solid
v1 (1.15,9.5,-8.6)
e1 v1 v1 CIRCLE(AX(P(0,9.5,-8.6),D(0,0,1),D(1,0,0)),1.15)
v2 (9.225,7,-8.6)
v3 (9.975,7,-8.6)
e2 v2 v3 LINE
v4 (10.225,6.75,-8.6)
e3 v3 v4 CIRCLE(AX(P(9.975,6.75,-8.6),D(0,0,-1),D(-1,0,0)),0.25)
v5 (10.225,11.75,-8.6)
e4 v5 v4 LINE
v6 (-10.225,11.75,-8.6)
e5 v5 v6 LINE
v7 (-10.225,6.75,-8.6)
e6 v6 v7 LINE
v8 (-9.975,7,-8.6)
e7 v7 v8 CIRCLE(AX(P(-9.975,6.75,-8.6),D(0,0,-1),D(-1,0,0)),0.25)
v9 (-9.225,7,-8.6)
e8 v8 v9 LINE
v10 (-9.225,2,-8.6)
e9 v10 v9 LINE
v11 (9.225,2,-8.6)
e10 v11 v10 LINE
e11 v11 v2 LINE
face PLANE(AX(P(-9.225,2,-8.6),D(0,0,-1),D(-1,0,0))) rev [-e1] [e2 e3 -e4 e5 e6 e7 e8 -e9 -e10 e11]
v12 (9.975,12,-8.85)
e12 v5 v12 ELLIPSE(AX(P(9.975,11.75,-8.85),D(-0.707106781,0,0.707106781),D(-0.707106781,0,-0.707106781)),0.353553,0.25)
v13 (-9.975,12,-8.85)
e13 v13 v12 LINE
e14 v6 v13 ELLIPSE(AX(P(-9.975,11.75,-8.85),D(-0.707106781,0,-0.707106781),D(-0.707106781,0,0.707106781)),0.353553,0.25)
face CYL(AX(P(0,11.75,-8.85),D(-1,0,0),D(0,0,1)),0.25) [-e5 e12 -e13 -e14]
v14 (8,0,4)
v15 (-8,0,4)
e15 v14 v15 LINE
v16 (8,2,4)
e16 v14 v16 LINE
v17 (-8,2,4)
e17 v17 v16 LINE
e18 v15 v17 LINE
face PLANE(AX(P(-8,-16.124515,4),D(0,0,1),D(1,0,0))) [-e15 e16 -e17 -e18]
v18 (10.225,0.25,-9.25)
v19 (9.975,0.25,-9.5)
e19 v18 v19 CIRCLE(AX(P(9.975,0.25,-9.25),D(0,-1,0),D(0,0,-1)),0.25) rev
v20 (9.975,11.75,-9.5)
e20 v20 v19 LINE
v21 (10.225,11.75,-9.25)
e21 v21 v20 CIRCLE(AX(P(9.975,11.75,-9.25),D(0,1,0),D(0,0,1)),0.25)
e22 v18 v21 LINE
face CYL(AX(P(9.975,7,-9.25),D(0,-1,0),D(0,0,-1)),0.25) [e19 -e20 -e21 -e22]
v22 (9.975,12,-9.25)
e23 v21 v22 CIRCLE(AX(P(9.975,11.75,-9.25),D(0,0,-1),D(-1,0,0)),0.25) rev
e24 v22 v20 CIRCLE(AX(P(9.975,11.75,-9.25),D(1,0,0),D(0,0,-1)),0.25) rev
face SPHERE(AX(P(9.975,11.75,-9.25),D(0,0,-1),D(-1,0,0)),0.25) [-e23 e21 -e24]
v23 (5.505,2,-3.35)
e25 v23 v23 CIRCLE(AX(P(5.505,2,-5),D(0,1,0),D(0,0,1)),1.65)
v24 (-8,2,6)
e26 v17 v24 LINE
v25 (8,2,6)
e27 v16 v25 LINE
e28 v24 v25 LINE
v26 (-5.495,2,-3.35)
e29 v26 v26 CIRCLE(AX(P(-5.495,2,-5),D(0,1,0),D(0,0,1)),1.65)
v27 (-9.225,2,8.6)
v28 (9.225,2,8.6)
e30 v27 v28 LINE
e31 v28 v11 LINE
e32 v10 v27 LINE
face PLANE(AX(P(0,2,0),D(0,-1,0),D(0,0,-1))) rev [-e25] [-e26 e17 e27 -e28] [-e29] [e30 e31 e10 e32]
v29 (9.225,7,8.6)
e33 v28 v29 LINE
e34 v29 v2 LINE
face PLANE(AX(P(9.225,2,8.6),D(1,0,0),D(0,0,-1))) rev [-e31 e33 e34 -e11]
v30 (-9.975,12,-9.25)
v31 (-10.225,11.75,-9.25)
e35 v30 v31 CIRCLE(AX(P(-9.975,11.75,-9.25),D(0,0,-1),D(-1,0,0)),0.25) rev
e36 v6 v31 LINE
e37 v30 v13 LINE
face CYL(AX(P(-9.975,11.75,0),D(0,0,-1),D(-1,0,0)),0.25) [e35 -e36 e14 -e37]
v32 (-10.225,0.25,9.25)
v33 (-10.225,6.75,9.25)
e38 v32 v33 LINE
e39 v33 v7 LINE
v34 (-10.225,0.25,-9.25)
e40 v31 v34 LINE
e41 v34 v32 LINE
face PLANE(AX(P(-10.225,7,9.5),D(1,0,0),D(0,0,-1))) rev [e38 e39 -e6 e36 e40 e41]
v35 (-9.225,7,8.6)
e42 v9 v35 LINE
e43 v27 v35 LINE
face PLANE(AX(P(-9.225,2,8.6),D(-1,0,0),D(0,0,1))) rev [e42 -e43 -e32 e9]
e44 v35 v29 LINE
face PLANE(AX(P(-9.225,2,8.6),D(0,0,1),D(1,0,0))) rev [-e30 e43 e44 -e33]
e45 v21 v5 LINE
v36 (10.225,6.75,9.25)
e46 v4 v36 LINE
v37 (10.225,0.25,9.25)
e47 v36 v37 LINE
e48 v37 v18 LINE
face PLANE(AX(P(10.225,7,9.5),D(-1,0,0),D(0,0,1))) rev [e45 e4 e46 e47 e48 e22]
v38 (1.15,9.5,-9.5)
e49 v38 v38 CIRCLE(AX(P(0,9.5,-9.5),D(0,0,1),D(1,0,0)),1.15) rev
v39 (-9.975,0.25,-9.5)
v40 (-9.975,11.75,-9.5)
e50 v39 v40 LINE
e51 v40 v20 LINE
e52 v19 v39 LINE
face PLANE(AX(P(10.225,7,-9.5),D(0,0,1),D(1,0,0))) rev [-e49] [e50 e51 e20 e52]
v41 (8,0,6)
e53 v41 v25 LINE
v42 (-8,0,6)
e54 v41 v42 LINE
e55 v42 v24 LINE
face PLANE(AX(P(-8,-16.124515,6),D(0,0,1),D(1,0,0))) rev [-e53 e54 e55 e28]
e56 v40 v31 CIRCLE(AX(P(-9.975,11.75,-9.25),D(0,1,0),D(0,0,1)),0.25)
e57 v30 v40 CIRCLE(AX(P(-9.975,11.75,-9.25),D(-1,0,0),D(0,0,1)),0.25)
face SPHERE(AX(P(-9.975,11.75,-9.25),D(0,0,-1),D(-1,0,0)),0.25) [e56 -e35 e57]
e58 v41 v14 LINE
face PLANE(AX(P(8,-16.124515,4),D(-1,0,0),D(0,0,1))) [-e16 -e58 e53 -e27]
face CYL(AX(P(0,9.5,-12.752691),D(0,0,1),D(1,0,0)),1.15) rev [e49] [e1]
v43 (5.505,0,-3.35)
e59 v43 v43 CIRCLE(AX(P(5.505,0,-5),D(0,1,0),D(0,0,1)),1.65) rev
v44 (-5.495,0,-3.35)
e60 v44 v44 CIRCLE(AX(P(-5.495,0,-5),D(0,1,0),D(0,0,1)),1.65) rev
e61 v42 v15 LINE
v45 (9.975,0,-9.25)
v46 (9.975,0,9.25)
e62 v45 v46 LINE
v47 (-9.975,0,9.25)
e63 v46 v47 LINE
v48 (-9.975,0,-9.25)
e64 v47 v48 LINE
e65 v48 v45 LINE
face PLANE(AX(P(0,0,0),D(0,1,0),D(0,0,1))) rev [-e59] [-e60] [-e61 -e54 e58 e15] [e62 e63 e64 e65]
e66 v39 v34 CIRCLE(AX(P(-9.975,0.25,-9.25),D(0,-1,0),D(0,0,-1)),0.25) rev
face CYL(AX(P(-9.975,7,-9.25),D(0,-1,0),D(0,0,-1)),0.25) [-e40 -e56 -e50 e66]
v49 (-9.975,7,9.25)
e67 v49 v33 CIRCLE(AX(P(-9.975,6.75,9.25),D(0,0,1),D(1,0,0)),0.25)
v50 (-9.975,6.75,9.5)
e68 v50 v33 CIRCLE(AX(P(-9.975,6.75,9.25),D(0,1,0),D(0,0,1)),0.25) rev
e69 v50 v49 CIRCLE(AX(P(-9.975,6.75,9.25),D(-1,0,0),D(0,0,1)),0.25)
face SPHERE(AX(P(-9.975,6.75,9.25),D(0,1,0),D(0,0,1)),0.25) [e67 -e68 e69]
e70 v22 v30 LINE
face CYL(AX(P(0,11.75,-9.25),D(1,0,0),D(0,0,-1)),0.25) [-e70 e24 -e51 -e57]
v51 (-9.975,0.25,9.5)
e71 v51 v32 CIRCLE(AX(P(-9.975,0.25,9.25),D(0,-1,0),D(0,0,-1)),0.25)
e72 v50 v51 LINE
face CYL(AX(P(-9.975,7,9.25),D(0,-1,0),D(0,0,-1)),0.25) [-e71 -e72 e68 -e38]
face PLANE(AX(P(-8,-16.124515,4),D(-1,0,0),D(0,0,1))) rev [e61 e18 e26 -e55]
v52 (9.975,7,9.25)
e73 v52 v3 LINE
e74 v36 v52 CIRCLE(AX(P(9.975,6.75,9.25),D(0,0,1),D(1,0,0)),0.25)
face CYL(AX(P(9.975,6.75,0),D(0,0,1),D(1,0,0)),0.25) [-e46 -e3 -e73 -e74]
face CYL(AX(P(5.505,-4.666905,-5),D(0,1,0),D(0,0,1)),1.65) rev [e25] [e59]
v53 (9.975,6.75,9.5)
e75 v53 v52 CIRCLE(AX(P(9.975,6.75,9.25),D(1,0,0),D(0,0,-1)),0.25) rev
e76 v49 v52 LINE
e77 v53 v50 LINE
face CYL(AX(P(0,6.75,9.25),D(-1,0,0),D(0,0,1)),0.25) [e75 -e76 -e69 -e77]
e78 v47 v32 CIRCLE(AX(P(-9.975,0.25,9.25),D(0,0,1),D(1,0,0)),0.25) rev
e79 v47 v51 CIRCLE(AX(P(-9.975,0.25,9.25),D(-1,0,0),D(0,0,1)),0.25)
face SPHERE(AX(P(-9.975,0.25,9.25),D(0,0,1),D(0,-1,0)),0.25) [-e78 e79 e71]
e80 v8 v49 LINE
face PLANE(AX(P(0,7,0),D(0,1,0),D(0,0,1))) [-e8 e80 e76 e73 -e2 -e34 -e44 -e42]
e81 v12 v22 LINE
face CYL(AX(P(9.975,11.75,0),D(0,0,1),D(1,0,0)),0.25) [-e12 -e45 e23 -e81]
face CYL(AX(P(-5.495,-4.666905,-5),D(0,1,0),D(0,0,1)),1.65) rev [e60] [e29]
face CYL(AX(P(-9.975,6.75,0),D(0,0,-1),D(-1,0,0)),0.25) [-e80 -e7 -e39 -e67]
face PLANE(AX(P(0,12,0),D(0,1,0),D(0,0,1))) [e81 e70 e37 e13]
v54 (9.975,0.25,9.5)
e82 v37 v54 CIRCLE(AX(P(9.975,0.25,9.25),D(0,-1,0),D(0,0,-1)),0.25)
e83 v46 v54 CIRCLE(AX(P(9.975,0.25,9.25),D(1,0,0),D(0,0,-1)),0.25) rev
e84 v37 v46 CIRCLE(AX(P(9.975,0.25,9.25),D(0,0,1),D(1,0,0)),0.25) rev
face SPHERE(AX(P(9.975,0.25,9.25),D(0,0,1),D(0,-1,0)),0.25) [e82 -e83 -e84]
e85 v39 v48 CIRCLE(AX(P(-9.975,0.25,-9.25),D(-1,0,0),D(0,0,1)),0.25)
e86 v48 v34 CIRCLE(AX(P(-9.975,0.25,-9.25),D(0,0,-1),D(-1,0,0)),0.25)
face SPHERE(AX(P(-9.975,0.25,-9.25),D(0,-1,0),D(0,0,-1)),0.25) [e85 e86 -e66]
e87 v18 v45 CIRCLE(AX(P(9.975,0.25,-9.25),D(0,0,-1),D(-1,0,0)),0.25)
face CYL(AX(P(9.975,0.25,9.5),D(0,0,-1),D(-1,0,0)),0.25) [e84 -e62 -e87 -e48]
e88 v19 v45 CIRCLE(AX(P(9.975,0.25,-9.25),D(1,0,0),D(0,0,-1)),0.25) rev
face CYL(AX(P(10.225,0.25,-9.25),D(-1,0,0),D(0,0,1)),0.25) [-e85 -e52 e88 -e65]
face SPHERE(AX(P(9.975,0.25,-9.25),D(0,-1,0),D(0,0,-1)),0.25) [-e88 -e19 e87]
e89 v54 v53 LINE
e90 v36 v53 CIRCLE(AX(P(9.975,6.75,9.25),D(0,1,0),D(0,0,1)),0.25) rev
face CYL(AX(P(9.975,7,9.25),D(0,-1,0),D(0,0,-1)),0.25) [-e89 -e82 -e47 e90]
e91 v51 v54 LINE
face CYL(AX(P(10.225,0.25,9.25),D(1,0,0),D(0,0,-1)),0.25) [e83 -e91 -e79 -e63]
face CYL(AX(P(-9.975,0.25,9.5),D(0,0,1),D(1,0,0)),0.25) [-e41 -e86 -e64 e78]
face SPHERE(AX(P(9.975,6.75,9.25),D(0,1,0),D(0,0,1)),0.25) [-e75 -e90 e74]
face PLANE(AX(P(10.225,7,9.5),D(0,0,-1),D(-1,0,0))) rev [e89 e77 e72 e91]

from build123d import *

# Parameters (mm, degrees)
SKETCH2_W           = 20.45
SKETCH2_H           = 19
BOSS_EXTRUDE1_DEPTH = 7
SKETCH3_W           = 18.45
SKETCH3_H           = 17.2
CUT_EXTRUDE1_DEPTH  = 5
SKETCH7_R           = 1.65
CUT_EXTRUDE2_DEPTH  = 2
SKETCH13_W          = 16
SKETCH13_H          = 2
CUT_EXTRUDE4_DEPTH  = 2
SKETCH15_W          = 20.45
SKETCH15_H          = 0.9
BOSS_EXTRUDE2_DEPTH = 5
SKETCH16_R          = 1.15
CUT_EXTRUDE5_DEPTH  = 0.9
FILLET2_R           = 0.25


with BuildPart() as part:
    # Sketch2 → Boss-Extrude1 (new body)
    with BuildSketch(Plane(origin=(0, 0, 0), x_dir=(1, 0, 0), z_dir=(0, 1, 0))):
        Rectangle(SKETCH2_W, SKETCH2_H)
    extrude(amount=BOSS_EXTRUDE1_DEPTH)

    # Sketch3 → Cut-Extrude1 (cut)
    with BuildSketch(Plane(origin=(0, 7, 0), x_dir=(1, 0, 0), z_dir=(0, 1, 0))):
        Rectangle(SKETCH3_W, SKETCH3_H)
    extrude(amount=-CUT_EXTRUDE1_DEPTH, mode=Mode.SUBTRACT)

    # Sketch7 → Cut-Extrude2 (cut)
    with BuildSketch(Plane(origin=(0, 2, 0), x_dir=(1, 0, 0), z_dir=(0, 1, 0))):
        with Locations(Location((-5.495, 5, 0), (0, 0, 270))):
            Circle(SKETCH7_R)
        with Locations(Location((5.505, 5, 0), (0, 0, 270))):
            Circle(SKETCH7_R)
    extrude(amount=-CUT_EXTRUDE2_DEPTH, mode=Mode.SUBTRACT)

    # Sketch13 → Cut-Extrude4 (cut)
    with BuildSketch(Plane(origin=(0, 2, 0), x_dir=(1, 0, 0), z_dir=(0, 1, 0))):
        with Locations((0, -5)):
            Rectangle(SKETCH13_W, SKETCH13_H)
    extrude(amount=-CUT_EXTRUDE4_DEPTH, mode=Mode.SUBTRACT)

    # Sketch15 → Boss-Extrude2 (add)
    with BuildSketch(Plane(origin=(0, 7, 0), x_dir=(1, 0, 0), z_dir=(0, 1, 0))):
        with Locations((0, 9.05)):
            Rectangle(SKETCH15_W, SKETCH15_H)
    extrude(amount=BOSS_EXTRUDE2_DEPTH)

    # Sketch16 → Cut-Extrude5 (cut)
    with BuildSketch(Plane.XY.offset(-8.6)):
        with Locations((0, 9.5)):
            Circle(SKETCH16_R)
    extrude(amount=-CUT_EXTRUDE5_DEPTH, mode=Mode.SUBTRACT)

    # Fillet2
    fillet2_edges = [part.edges().sort_by_distance(p)[0] for p in [
        (10.225, 7, 0.45),
        (0, 0, -9.5),
        (-10.225, 7, 0.45),
        (10.225, 0, 0),
        (-10.225, 12, -9.05),
        (0, 12, -8.6),
        (10.225, 12, -9.05),
        (0, 0, 9.5),
        (0, 12, -9.5),
        (-10.225, 0, 0),
        (-10.225, 6, -9.5),
        (10.225, 6, -9.5),
        (10.225, 3.5, 9.5),
        (-10.225, 3.5, 9.5),
        (0, 7, 9.5),
    ]]
    fillet(fillet2_edges, radius=FILLET2_R)


solid = part.part
